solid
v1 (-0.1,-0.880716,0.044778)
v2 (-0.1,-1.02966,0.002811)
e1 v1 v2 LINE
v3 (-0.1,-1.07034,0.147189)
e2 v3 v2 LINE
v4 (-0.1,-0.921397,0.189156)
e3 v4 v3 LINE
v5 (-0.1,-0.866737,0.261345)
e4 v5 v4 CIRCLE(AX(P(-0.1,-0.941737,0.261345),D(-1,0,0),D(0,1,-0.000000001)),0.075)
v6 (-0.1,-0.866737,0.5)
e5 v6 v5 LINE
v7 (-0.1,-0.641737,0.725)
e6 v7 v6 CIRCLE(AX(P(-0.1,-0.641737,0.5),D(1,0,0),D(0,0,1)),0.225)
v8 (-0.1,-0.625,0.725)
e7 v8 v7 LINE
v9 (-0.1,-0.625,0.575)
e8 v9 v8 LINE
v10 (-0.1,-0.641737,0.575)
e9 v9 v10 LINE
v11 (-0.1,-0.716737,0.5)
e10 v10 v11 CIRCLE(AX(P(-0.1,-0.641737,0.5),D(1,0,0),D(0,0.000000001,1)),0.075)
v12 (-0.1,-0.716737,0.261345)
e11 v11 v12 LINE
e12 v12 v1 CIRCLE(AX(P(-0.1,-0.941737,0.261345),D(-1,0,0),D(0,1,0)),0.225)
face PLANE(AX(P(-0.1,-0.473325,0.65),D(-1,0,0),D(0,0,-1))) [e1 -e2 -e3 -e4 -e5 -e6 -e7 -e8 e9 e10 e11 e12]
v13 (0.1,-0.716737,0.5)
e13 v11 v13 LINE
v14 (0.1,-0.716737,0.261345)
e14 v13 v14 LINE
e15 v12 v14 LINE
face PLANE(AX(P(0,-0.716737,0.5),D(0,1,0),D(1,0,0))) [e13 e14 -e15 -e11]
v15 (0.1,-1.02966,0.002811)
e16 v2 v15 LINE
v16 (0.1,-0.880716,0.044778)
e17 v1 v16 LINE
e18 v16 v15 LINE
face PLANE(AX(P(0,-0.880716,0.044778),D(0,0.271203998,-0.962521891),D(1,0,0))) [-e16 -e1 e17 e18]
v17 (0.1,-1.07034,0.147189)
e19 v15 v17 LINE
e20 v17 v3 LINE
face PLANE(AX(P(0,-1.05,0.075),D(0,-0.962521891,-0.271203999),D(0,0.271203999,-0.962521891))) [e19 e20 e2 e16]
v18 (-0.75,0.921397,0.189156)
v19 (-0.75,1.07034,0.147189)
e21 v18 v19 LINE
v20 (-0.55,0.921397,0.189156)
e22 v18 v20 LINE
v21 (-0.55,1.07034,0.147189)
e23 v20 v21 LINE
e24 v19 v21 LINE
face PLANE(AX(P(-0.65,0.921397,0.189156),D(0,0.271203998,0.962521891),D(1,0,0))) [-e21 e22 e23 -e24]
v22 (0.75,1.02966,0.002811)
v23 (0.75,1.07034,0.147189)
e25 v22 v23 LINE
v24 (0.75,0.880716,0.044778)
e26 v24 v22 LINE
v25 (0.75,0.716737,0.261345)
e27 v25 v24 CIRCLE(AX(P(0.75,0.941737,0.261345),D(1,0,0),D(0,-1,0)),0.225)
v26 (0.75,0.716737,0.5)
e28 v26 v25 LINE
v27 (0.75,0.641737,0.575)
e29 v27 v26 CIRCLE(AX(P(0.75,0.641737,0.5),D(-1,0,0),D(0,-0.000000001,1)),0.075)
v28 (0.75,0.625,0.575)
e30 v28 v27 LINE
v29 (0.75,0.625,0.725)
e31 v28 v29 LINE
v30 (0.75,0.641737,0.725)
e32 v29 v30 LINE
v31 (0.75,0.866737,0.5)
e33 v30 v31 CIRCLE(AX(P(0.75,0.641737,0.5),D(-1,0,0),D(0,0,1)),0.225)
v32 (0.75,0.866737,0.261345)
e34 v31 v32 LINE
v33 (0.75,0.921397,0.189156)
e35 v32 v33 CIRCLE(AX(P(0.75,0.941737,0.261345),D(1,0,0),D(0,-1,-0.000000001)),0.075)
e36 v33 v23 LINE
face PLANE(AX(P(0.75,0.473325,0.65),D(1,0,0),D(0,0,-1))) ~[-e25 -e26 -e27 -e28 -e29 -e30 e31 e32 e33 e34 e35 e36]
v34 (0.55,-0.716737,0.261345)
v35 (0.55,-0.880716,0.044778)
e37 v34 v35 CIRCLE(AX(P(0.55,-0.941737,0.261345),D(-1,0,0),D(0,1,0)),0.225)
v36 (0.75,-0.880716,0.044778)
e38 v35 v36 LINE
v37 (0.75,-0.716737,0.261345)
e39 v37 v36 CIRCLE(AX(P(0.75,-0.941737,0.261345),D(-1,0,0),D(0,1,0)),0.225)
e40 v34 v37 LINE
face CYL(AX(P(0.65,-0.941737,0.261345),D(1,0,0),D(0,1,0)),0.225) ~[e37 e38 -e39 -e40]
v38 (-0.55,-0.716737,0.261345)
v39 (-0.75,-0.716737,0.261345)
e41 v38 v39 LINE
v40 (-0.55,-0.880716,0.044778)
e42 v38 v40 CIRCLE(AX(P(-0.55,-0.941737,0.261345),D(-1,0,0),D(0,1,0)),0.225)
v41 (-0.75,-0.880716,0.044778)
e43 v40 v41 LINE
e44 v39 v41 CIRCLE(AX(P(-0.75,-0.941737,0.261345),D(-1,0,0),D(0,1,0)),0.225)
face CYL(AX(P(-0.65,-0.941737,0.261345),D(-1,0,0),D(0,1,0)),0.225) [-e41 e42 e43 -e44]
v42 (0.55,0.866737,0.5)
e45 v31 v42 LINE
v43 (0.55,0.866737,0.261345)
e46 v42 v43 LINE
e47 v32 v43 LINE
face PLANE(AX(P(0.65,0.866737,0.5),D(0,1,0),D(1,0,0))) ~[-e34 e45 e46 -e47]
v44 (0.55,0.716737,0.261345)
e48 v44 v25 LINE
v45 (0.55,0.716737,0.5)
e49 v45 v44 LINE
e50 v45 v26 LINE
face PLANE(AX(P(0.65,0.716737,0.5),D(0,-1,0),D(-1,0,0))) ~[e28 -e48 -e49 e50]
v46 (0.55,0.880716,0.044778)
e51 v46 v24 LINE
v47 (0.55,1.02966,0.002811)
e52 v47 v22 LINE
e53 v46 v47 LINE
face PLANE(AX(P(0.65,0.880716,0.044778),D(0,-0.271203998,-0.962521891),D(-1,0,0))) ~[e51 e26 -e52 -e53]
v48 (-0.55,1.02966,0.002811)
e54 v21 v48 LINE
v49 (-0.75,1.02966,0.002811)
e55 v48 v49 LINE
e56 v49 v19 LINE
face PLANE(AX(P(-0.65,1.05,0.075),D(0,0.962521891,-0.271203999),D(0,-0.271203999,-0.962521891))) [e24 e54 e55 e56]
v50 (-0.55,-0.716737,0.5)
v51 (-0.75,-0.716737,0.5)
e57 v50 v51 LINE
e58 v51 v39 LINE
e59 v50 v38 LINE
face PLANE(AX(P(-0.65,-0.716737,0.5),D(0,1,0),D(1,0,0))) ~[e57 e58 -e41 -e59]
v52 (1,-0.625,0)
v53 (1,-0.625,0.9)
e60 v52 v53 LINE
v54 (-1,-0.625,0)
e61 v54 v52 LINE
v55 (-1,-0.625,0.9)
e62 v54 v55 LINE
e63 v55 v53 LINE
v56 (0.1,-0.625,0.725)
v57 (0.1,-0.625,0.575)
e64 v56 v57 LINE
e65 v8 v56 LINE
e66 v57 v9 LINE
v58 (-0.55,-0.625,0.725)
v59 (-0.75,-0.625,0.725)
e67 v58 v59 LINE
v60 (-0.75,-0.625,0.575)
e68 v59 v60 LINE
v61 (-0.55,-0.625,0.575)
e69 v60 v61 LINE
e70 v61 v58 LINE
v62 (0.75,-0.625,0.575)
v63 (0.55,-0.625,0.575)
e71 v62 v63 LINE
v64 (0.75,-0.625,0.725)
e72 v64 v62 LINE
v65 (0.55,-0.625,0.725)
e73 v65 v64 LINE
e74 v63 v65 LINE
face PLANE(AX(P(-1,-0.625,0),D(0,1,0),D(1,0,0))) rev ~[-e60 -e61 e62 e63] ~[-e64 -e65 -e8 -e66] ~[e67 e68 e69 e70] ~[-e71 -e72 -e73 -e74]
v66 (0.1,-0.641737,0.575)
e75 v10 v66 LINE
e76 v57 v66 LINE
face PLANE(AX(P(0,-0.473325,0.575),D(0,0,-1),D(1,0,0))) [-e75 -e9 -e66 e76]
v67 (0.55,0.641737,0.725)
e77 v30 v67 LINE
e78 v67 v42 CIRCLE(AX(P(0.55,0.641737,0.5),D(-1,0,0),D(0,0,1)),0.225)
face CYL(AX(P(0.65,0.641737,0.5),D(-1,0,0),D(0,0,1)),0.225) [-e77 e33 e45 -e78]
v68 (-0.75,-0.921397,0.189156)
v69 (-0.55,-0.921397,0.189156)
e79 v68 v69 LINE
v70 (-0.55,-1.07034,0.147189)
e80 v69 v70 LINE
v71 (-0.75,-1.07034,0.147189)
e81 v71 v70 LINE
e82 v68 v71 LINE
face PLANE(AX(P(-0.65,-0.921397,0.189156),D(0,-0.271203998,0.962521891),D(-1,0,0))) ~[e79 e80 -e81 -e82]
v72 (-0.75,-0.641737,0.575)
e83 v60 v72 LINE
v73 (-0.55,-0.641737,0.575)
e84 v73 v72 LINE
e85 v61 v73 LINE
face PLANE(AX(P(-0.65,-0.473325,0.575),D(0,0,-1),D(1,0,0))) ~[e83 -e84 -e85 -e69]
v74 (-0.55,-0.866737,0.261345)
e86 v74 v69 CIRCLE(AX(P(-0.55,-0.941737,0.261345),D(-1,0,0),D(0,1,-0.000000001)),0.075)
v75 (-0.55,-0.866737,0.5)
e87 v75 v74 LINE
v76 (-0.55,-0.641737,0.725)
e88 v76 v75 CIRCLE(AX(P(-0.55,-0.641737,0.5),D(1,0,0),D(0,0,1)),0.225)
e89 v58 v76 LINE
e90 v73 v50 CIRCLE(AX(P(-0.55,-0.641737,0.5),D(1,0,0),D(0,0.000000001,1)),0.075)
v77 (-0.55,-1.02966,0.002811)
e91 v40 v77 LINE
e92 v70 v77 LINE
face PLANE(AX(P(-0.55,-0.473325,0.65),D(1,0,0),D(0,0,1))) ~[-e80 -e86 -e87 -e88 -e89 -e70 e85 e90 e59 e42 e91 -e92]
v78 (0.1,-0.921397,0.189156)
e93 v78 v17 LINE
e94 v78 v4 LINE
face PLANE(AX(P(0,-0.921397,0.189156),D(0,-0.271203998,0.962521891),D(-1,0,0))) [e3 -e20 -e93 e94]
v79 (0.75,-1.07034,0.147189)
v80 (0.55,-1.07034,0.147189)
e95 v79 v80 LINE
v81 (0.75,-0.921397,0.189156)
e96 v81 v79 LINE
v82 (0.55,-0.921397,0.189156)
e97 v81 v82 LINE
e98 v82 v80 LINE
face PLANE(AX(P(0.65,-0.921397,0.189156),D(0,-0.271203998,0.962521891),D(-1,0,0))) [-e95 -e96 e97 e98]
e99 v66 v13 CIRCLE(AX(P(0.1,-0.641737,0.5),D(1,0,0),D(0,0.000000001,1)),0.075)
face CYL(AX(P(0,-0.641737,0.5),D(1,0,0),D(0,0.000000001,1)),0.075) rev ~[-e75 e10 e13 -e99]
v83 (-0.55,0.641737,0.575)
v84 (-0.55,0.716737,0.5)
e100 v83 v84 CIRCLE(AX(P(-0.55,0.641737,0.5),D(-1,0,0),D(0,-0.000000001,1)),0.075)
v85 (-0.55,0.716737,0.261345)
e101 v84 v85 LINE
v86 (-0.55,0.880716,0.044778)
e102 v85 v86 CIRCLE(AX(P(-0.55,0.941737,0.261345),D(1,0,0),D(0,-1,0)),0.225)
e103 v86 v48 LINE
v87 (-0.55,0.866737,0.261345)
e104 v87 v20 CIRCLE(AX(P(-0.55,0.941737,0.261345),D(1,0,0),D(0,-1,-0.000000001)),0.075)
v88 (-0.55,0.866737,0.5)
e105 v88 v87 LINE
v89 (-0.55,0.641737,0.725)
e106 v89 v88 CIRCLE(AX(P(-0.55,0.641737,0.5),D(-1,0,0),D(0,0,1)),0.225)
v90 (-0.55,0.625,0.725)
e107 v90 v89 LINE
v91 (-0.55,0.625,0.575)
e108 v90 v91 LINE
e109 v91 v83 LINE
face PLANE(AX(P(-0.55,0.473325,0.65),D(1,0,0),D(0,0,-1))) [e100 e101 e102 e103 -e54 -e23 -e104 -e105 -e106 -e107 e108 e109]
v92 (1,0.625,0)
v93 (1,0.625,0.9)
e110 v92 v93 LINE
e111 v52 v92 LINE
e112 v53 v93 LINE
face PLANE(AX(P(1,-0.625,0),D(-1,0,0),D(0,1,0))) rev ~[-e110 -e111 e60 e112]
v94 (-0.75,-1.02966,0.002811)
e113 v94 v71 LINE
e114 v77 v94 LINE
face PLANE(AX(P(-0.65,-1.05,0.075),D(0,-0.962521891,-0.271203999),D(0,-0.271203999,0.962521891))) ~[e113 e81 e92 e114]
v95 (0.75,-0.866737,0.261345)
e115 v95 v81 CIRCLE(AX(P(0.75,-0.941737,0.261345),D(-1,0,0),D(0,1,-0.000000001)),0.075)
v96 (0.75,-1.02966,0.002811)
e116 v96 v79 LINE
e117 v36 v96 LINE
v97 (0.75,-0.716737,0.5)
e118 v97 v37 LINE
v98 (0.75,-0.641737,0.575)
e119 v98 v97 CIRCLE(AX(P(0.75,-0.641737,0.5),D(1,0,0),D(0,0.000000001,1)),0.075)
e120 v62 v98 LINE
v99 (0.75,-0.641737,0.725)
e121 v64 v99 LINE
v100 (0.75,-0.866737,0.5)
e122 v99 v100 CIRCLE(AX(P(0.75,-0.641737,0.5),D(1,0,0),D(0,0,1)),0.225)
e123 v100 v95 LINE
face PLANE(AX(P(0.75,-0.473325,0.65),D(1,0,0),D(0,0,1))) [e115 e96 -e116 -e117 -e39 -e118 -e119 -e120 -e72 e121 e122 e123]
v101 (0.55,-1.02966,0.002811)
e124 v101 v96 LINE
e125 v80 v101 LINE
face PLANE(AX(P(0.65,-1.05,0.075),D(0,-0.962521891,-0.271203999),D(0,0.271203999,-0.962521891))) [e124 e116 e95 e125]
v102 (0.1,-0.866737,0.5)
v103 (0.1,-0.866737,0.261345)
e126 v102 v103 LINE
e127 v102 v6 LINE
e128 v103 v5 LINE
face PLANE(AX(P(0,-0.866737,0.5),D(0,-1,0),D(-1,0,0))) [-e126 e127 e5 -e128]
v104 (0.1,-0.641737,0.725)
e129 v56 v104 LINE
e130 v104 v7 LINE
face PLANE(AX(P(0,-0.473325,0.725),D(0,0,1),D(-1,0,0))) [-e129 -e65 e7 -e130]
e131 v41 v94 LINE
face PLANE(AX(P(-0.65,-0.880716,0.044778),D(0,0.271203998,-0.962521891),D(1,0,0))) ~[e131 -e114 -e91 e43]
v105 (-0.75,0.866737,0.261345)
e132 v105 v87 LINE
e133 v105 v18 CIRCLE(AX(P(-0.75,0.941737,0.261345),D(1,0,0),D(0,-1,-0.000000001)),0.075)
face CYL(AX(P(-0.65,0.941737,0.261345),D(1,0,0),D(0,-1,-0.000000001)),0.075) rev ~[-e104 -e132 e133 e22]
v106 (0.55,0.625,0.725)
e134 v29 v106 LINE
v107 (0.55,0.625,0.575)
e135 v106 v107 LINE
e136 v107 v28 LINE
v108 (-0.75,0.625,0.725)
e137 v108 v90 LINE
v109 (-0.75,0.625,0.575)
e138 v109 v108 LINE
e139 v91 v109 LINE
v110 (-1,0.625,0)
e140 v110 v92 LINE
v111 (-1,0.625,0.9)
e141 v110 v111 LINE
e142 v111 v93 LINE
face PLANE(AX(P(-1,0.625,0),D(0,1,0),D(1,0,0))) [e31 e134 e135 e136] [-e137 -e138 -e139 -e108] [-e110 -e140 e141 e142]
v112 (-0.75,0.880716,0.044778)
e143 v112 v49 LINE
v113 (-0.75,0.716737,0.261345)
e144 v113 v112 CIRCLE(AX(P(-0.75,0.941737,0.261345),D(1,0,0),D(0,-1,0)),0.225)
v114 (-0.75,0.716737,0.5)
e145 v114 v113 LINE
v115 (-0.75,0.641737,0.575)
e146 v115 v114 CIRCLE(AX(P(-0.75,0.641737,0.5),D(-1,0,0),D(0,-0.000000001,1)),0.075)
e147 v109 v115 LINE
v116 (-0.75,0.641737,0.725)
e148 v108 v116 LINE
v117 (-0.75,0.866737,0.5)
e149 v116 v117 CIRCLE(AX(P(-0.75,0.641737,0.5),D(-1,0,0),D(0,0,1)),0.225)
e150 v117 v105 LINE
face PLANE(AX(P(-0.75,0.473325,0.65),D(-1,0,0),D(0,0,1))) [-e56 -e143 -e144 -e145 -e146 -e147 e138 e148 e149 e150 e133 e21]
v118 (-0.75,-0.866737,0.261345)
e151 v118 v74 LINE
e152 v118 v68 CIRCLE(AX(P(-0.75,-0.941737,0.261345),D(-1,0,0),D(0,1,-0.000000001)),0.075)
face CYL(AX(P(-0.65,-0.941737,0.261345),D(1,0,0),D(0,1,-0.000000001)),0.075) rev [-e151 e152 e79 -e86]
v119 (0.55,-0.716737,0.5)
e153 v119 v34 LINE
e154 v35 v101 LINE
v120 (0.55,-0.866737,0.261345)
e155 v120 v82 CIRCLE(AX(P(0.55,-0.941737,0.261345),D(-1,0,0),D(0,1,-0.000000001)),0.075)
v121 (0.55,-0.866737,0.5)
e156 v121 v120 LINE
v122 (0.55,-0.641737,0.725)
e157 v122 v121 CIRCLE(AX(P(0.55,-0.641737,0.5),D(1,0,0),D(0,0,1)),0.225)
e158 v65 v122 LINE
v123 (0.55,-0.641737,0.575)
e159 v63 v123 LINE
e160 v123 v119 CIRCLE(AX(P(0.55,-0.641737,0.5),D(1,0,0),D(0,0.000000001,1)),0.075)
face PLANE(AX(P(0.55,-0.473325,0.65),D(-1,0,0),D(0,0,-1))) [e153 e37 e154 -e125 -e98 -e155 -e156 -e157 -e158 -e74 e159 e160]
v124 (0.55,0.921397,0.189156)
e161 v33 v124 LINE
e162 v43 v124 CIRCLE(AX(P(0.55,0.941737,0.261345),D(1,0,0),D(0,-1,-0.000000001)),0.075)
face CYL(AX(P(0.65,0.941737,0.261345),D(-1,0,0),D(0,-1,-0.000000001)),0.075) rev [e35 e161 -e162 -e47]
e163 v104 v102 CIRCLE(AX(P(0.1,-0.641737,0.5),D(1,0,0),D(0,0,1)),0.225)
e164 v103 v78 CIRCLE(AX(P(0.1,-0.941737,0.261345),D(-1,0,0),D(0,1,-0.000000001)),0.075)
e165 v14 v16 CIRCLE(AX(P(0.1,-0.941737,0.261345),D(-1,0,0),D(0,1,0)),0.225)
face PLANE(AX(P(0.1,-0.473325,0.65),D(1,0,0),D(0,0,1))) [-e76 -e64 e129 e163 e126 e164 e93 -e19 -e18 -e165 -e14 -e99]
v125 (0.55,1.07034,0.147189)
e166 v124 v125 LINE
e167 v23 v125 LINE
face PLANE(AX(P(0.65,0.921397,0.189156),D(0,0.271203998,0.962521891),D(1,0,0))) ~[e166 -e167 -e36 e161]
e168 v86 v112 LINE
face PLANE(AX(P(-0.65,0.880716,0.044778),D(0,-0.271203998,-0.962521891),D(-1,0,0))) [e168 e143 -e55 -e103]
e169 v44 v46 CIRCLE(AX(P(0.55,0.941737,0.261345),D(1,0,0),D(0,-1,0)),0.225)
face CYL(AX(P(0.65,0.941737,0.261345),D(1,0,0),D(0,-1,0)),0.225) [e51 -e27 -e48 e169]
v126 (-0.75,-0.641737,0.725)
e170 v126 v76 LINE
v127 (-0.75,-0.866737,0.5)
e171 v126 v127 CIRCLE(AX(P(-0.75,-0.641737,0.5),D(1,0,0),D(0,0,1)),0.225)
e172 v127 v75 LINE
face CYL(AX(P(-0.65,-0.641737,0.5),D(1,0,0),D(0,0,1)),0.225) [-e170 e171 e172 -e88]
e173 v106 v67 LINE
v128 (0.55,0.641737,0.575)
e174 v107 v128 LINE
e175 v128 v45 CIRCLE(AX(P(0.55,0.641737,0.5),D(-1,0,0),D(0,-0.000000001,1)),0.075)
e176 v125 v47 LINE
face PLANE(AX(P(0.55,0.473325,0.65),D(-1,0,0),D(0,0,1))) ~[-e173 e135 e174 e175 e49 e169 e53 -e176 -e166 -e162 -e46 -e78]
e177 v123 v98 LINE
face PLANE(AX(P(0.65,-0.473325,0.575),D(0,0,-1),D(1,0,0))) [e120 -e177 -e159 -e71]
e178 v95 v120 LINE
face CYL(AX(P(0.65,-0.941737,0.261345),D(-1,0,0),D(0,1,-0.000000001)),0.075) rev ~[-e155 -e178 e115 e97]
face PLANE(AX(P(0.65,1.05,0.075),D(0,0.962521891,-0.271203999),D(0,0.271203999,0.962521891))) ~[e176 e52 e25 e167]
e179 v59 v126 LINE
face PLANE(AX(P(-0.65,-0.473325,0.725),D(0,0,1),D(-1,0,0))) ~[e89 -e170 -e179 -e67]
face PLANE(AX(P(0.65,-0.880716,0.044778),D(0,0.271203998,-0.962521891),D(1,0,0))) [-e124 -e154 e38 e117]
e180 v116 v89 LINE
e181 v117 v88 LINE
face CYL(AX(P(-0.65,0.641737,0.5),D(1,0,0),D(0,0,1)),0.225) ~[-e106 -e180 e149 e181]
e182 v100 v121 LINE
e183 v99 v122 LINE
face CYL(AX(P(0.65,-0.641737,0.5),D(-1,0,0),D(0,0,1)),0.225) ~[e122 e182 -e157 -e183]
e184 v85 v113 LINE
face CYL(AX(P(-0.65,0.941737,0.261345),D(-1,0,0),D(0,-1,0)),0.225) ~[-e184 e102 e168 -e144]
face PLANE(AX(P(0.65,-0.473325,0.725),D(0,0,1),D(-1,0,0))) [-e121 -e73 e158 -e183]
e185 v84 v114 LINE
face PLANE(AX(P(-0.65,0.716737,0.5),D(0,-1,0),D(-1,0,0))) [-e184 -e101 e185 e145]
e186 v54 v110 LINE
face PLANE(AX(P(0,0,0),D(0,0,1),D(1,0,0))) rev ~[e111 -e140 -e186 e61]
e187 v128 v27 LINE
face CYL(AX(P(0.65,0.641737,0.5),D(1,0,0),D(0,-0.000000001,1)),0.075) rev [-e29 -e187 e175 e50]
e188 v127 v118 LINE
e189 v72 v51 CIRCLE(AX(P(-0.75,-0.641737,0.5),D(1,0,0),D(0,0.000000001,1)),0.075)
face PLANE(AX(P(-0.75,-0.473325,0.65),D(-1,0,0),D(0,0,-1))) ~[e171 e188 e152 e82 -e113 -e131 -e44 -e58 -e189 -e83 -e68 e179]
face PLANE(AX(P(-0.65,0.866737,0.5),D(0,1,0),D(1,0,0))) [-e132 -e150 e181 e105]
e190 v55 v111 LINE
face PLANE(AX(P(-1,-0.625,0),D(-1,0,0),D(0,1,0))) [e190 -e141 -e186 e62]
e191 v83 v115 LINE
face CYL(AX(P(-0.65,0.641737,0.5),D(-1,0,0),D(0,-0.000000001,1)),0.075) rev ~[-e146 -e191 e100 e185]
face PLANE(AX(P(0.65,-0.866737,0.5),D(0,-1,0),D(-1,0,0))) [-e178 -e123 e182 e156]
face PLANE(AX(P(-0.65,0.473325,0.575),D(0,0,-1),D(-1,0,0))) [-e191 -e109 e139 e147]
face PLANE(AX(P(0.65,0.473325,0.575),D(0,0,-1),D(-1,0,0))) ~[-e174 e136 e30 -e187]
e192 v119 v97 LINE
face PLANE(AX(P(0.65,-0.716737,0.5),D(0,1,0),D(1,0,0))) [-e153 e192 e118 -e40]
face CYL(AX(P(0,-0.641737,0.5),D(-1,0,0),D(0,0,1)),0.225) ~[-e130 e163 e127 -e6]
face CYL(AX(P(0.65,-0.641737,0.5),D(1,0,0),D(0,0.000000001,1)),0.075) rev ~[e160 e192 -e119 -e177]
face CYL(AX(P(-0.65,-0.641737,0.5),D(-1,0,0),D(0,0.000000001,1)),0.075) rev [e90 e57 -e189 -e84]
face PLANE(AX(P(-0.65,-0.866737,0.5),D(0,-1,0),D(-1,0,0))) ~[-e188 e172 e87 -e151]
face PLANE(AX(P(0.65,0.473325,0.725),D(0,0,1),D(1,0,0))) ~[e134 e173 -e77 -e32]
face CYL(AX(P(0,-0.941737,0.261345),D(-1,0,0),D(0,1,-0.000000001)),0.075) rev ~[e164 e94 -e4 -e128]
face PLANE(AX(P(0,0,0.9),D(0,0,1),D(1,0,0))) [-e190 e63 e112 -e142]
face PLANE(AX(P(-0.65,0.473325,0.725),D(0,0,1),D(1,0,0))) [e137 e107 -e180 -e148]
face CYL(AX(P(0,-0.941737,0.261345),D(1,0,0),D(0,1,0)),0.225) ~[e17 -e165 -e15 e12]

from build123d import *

# Parameters (mm, degrees)
F0_W     = 2
F0_H     = 1.25
F1_DEPTH = 0.9
F4_W     = 0.2
F4_H     = 0.15


with BuildPart() as f1:
    # F0 (on Top) → F1 (new body)
    with BuildSketch(Plane.XY):
        Rectangle(F0_W, F0_H)
    extrude(amount=F1_DEPTH)



with BuildPart() as f5:
    # F5: sweep along a path in F2
    with BuildLine(Plane.YZ) as f5_path:
        Line((-0.4733253435, 0.65), (-0.6417372497, 0.65))
        ThreePointArc((-0.6417372497, 0.65), (-0.7478032669, 0.6060660172), (-0.7917372497, 0.5))
        Line((-0.7917372497, 0.5), (-0.7917372497, 0.2613451546))
        ThreePointArc((-0.7917372497, 0.2613451546), (-0.8221502731, 0.1707970733), (-0.90105665, 0.1169668709))
        Line((-0.90105665, 0.1169668709), (-1.05, 0.075))
    # F4 (on line) → F5 (sweep)
    with BuildSketch(Plane.XZ.offset(0.4733253435)):
        with Locations((0, 0.65)):
            Rectangle(F4_W, F4_H)
    sweep(path=f5_path.line)


with BuildPart() as f6_1:
    # F6: copy of F5
    add(f5.part.moved(Location((0.65, 0, 0))))


with BuildPart() as f7_1:
    # F7: instance of F6_1
    add(f6_1.part.mirror(Plane.YZ))


with BuildPart() as f1_1:
    add(f1.part)

    add(f5.part)  # F8 merges F5

    add(f6_1.part)  # F8 merges F6_1

    add(f7_1.part)  # F8 merges F7_1
    # F8: F7_1, F6_1 across plane
    add(f7_1.part.mirror(Plane.XZ))
    add(f6_1.part.mirror(Plane.XZ))


solid = f1_1.part
